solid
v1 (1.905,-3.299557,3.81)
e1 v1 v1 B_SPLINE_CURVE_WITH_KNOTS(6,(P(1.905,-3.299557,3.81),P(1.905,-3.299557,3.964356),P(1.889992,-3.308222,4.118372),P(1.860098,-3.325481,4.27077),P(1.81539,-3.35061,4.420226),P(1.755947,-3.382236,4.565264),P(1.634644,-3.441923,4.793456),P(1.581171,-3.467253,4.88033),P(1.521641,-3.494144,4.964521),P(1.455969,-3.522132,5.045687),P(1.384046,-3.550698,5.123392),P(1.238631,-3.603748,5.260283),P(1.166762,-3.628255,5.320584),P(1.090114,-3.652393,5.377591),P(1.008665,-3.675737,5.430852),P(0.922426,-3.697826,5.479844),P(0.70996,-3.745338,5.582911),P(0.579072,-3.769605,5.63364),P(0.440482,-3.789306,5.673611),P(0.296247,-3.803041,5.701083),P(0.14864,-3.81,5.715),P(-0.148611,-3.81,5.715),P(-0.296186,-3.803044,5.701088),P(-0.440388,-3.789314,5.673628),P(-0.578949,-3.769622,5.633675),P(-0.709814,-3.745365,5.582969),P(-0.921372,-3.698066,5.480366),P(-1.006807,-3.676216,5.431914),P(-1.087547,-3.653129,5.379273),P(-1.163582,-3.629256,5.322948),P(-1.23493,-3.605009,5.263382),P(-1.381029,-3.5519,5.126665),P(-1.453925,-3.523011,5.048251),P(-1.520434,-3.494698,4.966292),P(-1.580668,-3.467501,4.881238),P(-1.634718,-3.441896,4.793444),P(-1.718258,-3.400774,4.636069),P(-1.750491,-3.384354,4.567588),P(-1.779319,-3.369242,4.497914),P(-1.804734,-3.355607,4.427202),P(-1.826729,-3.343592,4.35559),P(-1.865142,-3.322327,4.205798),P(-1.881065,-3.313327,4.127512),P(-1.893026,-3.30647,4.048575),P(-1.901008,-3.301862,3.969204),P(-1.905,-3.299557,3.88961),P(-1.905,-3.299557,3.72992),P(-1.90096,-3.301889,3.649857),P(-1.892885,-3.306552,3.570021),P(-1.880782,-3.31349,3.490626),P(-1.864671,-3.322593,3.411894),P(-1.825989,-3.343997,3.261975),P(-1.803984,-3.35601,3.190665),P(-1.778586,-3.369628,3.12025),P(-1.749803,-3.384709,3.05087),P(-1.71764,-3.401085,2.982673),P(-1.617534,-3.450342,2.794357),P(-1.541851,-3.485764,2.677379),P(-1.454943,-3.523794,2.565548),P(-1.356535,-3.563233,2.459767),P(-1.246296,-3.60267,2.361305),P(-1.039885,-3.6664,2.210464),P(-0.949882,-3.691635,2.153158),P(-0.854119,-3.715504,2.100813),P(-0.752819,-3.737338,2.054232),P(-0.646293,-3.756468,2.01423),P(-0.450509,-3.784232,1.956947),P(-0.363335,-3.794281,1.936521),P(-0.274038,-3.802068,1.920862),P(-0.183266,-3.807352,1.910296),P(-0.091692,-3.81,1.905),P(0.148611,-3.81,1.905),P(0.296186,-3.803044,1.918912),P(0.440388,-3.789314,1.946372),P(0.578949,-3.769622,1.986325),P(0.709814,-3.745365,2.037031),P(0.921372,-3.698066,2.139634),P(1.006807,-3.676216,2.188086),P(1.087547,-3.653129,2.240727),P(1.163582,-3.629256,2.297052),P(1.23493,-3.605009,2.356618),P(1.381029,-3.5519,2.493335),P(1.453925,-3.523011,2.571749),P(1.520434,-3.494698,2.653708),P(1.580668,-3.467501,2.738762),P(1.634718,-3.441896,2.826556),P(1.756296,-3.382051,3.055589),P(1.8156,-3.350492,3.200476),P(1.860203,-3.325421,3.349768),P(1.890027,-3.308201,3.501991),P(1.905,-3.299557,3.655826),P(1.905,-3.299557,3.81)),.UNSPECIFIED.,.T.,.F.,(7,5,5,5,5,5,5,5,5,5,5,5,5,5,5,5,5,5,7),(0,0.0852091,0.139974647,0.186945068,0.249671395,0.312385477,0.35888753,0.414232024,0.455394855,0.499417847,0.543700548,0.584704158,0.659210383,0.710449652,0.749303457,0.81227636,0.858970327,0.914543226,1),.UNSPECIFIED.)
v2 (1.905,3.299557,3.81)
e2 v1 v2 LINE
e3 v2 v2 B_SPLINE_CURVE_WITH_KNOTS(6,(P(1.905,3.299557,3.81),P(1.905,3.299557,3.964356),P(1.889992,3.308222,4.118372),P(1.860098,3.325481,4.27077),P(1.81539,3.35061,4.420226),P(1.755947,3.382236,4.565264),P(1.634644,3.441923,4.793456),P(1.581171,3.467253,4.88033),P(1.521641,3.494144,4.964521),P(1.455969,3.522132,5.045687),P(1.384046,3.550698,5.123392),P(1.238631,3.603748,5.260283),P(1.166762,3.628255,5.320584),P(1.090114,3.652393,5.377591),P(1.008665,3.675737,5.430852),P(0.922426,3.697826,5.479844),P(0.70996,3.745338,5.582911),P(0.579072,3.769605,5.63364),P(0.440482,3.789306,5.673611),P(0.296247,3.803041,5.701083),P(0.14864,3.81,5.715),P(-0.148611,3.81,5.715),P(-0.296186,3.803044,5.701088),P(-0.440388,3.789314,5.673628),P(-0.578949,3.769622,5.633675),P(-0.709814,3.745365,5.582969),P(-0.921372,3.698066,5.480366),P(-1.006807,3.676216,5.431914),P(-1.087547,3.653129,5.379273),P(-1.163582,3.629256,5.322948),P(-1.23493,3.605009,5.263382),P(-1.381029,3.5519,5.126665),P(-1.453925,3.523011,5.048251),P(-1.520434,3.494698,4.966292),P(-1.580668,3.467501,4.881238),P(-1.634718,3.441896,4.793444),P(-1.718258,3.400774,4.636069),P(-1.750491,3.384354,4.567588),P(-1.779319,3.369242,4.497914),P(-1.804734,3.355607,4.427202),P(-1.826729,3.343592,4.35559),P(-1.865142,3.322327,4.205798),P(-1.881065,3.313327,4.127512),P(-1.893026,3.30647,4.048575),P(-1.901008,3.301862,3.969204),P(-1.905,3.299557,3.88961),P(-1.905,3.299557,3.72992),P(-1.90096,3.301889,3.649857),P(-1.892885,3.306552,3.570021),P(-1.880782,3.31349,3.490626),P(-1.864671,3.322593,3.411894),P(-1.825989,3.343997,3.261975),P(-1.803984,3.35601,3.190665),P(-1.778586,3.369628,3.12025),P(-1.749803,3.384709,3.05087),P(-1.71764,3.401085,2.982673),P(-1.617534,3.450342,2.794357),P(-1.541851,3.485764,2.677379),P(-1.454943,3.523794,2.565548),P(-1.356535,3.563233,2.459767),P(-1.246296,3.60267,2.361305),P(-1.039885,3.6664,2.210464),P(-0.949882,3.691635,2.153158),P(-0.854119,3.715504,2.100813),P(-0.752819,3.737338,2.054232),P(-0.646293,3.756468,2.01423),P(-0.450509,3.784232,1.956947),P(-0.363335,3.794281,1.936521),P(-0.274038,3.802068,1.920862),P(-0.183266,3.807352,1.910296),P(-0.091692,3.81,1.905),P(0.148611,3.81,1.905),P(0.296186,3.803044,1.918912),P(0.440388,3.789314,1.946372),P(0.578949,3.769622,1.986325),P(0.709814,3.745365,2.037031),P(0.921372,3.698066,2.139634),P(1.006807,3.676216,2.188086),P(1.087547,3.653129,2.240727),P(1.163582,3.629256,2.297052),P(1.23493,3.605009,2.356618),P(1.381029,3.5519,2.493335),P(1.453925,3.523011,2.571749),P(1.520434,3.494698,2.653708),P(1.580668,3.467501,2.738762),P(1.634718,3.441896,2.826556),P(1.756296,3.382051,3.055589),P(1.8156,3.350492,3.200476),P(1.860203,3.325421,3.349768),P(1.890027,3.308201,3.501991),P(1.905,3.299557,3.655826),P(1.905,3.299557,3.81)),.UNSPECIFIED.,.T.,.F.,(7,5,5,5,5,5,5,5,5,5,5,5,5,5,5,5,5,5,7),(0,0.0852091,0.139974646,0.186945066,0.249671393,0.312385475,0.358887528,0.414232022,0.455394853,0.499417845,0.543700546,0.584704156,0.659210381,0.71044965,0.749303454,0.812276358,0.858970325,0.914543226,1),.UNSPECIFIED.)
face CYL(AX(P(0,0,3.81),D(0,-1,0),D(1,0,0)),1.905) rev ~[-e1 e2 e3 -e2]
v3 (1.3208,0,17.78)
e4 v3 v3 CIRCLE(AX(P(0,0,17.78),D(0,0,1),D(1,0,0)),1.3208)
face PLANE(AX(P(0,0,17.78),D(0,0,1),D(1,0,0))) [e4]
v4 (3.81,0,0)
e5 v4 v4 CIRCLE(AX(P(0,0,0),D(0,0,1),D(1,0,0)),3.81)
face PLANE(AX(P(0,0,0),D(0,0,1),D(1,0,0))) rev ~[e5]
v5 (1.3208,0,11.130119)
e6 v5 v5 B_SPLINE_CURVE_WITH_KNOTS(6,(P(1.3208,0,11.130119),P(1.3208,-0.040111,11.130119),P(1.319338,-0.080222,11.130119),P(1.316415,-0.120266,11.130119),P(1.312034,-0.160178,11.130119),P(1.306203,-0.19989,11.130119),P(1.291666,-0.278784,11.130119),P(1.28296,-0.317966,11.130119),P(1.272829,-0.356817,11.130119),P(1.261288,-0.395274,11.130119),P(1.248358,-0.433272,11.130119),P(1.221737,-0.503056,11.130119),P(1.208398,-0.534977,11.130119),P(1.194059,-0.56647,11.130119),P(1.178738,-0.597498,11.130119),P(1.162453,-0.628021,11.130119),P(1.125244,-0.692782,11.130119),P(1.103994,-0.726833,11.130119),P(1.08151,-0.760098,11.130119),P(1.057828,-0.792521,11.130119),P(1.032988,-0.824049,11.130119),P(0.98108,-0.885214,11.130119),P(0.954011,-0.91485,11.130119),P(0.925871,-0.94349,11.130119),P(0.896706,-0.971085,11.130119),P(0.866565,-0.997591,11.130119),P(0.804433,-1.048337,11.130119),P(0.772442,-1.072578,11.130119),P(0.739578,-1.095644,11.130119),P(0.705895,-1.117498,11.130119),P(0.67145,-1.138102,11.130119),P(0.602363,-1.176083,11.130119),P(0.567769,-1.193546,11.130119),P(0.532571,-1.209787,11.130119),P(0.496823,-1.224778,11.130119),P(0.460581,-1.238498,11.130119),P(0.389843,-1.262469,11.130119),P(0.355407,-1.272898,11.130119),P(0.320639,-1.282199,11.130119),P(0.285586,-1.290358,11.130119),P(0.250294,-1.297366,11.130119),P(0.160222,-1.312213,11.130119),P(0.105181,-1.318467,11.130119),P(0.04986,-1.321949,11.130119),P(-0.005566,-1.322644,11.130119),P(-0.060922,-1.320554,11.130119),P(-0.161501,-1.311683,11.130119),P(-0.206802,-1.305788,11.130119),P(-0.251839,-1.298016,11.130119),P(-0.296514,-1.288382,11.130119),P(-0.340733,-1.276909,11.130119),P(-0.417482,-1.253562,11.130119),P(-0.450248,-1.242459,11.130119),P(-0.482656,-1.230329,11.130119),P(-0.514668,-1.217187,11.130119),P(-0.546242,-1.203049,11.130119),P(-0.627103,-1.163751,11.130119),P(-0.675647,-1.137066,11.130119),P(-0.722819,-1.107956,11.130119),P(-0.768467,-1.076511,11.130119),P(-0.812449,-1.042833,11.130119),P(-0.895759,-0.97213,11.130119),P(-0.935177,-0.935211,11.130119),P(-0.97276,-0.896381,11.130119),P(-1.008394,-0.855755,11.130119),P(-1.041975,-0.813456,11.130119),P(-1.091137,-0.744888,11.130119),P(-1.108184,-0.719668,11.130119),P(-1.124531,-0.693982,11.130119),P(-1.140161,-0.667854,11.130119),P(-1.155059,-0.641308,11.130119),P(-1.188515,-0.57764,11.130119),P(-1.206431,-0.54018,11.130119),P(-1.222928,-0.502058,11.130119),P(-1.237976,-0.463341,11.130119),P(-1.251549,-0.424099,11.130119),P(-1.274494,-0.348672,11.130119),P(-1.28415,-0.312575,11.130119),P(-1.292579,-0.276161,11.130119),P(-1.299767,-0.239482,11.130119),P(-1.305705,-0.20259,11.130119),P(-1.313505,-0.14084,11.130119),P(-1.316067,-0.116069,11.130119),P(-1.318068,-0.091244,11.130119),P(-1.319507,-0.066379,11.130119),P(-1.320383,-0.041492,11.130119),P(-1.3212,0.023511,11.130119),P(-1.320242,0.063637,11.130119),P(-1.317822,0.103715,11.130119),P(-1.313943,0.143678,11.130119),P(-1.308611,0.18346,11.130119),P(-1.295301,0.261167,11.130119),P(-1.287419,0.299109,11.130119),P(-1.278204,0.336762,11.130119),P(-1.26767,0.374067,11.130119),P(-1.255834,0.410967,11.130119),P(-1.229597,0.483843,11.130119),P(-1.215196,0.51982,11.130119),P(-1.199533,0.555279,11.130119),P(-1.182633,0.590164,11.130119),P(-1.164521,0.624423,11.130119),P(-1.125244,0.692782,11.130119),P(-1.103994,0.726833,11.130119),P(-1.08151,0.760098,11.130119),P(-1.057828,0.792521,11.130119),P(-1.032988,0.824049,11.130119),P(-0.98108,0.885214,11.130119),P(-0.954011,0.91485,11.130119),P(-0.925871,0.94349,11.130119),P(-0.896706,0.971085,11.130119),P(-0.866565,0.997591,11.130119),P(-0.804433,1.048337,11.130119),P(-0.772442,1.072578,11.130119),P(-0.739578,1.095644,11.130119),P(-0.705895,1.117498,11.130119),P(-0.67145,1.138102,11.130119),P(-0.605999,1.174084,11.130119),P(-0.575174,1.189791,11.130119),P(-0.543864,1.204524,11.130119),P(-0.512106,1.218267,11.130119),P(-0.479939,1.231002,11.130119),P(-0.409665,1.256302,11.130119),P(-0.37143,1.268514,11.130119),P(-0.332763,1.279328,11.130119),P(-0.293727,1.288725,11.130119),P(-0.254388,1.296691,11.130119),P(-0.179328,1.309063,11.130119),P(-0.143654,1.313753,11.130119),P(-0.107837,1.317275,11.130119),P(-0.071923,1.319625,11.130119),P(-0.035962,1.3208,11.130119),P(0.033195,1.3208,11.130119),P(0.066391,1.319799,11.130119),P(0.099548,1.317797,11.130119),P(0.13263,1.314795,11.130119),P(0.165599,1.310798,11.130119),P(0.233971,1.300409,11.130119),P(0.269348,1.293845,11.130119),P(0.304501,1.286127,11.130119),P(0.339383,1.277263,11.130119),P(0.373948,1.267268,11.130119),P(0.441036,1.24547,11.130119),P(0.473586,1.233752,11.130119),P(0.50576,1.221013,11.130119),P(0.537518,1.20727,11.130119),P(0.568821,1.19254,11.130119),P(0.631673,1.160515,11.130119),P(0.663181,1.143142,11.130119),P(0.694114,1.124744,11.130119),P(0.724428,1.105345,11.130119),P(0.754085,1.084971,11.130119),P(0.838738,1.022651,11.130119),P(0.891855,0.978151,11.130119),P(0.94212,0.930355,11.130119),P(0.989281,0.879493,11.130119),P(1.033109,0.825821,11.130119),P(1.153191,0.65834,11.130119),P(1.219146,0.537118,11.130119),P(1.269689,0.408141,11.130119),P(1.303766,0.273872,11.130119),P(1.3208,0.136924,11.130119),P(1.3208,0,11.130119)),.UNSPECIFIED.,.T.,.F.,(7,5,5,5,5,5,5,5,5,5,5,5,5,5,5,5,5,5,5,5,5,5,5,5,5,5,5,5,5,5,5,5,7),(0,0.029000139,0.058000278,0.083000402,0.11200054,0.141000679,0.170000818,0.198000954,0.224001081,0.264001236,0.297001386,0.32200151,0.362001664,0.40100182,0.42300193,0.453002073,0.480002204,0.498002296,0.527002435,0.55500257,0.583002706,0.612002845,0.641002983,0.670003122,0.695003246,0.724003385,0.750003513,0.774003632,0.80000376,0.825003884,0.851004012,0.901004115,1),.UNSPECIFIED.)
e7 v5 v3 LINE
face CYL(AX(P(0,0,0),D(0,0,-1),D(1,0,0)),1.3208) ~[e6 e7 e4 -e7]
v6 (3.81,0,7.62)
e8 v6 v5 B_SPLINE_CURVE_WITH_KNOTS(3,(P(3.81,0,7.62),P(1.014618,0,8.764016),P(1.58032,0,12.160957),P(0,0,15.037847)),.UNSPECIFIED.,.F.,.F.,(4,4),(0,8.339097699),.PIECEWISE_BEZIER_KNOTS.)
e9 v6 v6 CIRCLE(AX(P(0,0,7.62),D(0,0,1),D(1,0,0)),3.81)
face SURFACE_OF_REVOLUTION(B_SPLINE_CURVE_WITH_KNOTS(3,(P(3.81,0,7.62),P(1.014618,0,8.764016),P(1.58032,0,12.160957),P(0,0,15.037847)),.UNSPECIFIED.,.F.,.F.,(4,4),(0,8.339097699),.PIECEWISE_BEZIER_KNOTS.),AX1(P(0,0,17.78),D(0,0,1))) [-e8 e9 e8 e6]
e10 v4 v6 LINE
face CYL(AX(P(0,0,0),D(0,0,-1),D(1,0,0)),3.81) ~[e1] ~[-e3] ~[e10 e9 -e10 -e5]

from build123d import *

# Parameters (mm, degrees)
F0_R          = 3.81
F0_R_2        = 1.3208
F1_DEPTH      = 7.62
F2_DEPTH      = 17.78
F3_R          = 1.905
F4_DEPTH      = 25.4
F4_DEPTH_BACK = 25.4


with BuildPart() as f1:
    # F0 (on Top) → F1 (new body)
    with BuildSketch(Plane.XY):
        Circle(F0_R)
        Circle(F0_R_2, mode=Mode.SUBTRACT)
        Circle(F0_R_2)
    extrude(amount=F1_DEPTH)

    # F0 (on Top) → F2 (join)
    with BuildSketch(Plane.XY):
        Circle(F0_R_2)
    extrude(amount=F2_DEPTH)

    # F3 (on Front) → F4 (cut, two sides)
    with BuildSketch(Plane.XZ) as f4_sk:
        with Locations((0, 3.81)):
            Circle(F3_R)
    extrude(amount=-F4_DEPTH, mode=Mode.SUBTRACT)
    extrude(f4_sk.sketch, amount=F4_DEPTH_BACK, mode=Mode.SUBTRACT)

    # F5 (on Front) → F6 (revolve)
    with BuildSketch(Plane.XZ):
        with BuildLine():
            Line((0, 15.0378467515), (0, 7.62))
            Line((0, 7.62), (3.81, 7.62))
            add(Edge.make_bspline(
                [(3.81, 7.62), (1.0146183195, 8.7640155107), (1.5803196002, 12.1609568596), (0, 15.0378467515)],
                knots=[0, 0, 0, 0, 8.3390976987, 8.3390976987, 8.3390976987, 8.3390976987], degree=3))
        make_face()
    revolve(axis=Axis((0, 0, 17.78), (0, 0, 1)))


solid = f1.part
